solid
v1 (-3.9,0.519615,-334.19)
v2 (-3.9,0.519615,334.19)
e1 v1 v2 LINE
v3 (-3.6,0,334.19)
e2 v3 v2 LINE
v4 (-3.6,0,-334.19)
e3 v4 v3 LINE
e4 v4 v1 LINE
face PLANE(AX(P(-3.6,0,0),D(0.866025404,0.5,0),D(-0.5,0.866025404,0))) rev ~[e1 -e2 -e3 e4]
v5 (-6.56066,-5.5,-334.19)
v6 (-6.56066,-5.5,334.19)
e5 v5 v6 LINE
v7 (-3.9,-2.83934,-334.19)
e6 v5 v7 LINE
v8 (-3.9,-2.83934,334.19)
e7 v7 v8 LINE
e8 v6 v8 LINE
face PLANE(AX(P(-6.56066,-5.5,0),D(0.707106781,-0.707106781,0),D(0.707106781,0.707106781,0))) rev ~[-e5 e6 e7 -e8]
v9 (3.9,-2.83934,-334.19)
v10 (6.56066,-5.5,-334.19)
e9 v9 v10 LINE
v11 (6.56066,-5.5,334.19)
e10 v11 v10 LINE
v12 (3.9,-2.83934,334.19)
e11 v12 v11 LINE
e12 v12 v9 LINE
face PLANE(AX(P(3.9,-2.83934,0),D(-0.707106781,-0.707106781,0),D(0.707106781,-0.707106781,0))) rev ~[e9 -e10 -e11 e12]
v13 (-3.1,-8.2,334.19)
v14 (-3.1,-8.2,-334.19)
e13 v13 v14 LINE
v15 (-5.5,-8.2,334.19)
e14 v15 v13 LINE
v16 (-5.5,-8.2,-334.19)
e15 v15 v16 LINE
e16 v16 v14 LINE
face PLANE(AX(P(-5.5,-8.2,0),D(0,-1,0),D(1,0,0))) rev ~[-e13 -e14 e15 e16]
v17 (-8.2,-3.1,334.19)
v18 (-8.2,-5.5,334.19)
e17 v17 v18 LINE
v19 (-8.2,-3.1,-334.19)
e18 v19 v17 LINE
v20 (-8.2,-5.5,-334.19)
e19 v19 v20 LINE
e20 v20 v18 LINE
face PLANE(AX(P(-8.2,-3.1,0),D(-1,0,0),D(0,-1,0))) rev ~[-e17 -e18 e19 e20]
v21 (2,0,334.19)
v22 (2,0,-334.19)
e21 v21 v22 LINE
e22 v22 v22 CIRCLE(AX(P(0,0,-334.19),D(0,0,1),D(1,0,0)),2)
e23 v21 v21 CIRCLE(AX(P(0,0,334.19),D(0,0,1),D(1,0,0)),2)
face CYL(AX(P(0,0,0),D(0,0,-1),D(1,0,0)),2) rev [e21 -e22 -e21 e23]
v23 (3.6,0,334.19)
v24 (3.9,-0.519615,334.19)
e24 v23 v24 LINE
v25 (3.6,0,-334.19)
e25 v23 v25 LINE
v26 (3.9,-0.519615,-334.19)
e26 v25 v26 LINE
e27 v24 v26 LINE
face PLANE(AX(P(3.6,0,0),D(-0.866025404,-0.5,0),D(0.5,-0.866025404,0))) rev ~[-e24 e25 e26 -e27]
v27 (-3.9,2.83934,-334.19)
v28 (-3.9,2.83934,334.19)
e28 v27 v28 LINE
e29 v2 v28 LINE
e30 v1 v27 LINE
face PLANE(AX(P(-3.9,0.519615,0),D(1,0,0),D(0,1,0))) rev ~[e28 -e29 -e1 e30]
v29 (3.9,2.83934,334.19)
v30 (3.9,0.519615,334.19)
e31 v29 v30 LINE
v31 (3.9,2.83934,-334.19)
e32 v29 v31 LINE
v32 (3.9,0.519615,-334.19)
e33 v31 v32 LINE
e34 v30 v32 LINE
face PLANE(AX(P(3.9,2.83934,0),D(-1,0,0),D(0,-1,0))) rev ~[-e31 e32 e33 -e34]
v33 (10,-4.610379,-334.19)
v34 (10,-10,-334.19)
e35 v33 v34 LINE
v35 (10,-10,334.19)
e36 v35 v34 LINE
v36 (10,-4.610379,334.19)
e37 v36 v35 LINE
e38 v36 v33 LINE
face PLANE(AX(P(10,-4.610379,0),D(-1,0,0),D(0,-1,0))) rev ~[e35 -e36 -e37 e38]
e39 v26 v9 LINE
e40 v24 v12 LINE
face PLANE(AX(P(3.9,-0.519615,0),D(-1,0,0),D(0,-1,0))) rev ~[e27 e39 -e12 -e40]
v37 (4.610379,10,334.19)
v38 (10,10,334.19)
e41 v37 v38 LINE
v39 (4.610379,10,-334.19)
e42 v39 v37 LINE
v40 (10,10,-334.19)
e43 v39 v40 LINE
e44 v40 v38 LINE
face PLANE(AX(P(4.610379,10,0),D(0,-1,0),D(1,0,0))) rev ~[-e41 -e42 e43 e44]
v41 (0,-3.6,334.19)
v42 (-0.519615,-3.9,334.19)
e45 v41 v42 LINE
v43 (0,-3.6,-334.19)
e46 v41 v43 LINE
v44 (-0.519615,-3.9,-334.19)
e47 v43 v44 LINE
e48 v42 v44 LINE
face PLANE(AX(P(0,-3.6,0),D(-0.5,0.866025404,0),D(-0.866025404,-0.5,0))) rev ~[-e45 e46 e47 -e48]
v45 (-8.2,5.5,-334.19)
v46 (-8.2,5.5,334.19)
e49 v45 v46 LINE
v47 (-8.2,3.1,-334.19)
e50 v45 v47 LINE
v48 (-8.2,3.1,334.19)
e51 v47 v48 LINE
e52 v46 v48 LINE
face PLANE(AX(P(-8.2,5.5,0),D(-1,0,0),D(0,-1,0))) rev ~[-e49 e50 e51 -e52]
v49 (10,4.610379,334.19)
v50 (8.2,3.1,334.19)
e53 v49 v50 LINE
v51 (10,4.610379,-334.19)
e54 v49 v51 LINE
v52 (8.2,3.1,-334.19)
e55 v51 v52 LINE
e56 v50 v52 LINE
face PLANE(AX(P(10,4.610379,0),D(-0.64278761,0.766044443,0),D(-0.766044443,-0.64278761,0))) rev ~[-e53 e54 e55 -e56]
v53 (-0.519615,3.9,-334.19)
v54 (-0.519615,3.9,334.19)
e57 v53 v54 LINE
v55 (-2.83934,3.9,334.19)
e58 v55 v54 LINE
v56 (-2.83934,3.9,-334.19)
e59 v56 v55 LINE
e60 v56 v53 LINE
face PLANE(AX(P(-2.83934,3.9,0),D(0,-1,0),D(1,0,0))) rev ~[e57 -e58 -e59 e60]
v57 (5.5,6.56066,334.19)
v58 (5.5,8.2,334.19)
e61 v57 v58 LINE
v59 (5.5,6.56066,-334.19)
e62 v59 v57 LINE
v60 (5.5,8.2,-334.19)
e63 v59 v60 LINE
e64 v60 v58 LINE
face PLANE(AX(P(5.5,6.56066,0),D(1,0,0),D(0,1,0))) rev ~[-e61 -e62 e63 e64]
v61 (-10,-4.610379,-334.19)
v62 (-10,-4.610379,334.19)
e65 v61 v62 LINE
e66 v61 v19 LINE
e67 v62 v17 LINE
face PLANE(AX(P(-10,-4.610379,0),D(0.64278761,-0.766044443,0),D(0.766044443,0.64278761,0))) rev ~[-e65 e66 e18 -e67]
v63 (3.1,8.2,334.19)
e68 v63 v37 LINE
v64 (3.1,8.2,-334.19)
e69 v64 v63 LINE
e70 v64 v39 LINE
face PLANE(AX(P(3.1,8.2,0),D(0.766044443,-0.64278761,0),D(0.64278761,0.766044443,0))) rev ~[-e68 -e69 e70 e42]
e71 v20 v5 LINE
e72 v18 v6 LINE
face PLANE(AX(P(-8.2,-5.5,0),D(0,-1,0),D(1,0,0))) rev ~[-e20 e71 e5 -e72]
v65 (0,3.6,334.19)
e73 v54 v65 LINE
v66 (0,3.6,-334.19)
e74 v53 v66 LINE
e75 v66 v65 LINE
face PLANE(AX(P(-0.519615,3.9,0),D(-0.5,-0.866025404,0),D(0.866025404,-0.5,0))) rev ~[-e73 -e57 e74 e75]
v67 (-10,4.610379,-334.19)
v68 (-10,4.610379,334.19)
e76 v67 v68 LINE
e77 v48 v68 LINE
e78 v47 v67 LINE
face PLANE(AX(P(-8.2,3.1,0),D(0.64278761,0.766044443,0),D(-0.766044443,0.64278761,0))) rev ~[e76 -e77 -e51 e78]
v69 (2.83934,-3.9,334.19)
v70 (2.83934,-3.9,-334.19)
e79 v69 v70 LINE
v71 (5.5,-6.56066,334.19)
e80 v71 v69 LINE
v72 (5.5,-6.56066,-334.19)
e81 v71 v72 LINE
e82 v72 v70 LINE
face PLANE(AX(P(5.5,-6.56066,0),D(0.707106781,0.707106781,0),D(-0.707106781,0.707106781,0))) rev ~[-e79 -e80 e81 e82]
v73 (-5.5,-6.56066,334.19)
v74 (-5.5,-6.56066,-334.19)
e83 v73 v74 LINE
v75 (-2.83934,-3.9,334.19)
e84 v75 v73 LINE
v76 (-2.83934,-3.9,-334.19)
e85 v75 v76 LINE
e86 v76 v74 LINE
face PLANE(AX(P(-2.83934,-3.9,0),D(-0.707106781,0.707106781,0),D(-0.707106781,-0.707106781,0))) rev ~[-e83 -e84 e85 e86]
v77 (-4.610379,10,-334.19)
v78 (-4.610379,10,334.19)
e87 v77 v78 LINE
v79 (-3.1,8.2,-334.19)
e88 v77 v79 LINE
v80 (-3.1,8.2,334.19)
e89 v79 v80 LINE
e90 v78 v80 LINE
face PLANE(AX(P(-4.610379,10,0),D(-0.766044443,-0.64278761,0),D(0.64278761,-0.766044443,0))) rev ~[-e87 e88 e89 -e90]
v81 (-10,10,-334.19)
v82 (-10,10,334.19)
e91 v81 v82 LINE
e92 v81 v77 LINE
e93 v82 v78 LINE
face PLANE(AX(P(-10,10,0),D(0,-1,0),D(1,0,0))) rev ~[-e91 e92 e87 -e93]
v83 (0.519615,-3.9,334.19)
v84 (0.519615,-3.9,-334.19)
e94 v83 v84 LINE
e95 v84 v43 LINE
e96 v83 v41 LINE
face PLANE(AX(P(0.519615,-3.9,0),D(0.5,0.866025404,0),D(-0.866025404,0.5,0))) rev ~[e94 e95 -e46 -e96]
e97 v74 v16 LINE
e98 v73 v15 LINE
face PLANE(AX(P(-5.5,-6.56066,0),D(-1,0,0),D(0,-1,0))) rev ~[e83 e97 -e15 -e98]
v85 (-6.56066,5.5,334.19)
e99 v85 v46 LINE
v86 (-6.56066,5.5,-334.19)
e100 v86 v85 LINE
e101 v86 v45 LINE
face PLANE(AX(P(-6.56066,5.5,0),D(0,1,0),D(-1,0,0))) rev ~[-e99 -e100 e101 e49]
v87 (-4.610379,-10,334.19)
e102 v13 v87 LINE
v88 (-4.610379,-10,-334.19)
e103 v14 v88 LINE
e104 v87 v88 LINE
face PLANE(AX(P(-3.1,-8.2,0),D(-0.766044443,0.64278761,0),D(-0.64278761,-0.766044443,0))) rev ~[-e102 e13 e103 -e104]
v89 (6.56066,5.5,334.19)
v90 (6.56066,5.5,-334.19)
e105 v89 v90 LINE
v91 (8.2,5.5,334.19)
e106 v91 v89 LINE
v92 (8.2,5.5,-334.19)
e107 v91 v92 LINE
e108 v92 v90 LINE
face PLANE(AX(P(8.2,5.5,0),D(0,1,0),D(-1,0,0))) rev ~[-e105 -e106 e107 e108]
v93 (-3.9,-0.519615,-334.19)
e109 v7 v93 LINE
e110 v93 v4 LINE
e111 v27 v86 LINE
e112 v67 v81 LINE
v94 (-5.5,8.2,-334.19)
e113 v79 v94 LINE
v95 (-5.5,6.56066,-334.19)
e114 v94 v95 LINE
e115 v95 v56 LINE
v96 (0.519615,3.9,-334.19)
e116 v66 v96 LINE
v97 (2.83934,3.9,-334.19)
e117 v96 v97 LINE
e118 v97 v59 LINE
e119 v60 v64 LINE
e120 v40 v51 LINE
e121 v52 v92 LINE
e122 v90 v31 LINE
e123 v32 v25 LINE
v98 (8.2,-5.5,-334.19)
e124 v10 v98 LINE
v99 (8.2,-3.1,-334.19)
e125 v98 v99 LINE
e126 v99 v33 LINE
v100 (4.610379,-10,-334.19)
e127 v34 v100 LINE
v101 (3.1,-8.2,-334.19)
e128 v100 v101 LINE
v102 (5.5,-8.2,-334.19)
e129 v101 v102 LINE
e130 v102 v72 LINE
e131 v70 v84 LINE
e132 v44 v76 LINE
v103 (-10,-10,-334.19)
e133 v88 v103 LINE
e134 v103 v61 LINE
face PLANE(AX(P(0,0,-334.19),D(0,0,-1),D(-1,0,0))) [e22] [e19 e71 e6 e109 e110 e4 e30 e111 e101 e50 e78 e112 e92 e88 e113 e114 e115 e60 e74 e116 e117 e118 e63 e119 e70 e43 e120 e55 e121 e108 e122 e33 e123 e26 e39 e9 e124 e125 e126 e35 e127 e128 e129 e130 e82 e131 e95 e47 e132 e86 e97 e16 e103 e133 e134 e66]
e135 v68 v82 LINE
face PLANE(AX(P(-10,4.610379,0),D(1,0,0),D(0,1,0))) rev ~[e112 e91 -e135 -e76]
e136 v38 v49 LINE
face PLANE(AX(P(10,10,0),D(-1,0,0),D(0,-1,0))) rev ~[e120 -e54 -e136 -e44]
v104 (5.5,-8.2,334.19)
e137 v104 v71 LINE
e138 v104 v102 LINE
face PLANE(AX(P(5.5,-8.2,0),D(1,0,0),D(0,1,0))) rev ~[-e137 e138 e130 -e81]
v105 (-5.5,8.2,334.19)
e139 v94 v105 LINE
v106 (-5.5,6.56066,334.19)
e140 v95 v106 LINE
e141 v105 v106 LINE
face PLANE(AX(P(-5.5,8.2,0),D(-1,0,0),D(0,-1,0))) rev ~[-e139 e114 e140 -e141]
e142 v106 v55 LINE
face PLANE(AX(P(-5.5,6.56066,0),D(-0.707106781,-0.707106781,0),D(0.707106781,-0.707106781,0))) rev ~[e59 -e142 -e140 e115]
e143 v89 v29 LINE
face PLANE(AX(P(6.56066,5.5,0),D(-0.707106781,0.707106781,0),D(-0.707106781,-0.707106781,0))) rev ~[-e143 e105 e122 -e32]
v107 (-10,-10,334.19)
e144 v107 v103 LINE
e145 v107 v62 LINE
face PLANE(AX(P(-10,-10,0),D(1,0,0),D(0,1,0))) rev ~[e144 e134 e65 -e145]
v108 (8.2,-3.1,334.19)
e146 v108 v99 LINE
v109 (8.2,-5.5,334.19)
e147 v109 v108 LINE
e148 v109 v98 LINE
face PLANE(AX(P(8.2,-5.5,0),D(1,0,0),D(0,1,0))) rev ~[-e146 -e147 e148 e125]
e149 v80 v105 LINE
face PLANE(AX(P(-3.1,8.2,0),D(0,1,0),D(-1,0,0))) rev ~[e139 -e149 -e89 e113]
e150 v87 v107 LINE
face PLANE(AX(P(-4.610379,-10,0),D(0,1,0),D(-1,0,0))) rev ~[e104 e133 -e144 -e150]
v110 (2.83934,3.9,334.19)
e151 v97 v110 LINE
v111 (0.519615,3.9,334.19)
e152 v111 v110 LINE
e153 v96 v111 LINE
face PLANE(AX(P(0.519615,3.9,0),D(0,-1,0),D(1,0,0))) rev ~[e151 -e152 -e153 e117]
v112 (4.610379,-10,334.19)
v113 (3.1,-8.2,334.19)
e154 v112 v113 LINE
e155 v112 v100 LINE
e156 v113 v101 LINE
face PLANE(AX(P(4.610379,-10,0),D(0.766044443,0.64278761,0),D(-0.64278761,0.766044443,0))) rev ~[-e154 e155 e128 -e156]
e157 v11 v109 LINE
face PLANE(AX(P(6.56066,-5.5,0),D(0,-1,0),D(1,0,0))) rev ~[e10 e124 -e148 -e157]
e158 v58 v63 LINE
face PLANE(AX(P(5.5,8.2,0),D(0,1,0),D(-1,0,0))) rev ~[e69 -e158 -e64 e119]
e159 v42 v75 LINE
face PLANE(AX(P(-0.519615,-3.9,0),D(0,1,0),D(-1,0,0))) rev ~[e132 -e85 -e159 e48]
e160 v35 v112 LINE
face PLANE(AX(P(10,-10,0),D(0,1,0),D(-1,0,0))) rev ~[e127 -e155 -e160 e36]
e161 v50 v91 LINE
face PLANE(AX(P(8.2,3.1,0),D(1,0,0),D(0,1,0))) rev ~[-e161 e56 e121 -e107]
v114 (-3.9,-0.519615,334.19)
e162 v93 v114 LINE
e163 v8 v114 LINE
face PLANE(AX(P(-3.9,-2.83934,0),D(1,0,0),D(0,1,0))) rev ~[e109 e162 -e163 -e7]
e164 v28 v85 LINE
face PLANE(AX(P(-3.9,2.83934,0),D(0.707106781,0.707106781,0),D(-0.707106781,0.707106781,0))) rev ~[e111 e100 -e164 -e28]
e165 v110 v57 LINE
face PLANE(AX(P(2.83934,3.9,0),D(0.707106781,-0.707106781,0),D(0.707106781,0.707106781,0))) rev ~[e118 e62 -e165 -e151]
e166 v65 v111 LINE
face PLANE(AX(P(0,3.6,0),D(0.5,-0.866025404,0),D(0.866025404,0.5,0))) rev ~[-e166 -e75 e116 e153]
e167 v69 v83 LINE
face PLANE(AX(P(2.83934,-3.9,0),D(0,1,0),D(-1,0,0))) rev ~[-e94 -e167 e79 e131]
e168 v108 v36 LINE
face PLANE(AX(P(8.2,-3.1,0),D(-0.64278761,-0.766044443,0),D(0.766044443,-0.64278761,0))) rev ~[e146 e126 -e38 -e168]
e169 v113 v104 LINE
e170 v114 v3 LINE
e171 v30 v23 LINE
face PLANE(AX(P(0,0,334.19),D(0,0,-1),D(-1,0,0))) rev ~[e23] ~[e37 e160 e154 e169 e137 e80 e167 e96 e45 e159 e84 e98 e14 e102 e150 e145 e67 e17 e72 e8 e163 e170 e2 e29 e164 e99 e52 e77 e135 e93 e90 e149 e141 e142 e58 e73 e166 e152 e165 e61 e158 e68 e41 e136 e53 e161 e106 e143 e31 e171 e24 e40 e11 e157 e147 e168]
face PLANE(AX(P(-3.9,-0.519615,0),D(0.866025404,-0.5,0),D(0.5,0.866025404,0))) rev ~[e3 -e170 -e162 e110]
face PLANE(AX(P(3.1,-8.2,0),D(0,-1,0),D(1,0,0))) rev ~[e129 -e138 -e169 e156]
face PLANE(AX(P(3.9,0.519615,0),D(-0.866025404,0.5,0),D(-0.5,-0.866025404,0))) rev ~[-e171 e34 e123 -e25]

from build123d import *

# Parameters (mm, degrees)
SKETCH1_R           = 2
BOSS_EXTRUDE1_DEPTH = 334.19


with BuildPart() as part:
    # Sketch1 → Boss-Extrude1 (new body, symmetric)
    with BuildSketch(Plane.XY):
        Polygon((10, 10), (10, 4.610379336), (8.2, 3.1), (8.2, 5.5), (6.560660172, 5.5), (3.9, 2.839339828), (3.9, 0.519615242), (3.6, 0), (3.9, -0.519615242), (3.9, -2.839339828), (6.560660172, -5.5), (8.2, -5.5), (8.2, -3.1), (10, -4.610379336), (10, -10), (4.610379336, -10), (3.1, -8.2), (5.5, -8.2), (5.5, -6.560660172), (2.839339828, -3.9), (0.519615242, -3.9), (0, -3.6), (-0.519615242, -3.9), (-2.839339828, -3.9), (-5.5, -6.560660172), (-5.5, -8.2), (-3.1, -8.2), (-4.610379336, -10), (-10, -10), (-10, -4.610379336), (-8.2, -3.1), (-8.2, -5.5), (-6.560660172, -5.5), (-3.9, -2.839339828), (-3.9, -0.519615242), (-3.6, 0), (-3.9, 0.519615242), (-3.9, 2.839339828), (-6.560660172, 5.5), (-8.2, 5.5), (-8.2, 3.1), (-10, 4.610379336), (-10, 10), (-4.610379336, 10), (-3.1, 8.2), (-5.5, 8.2), (-5.5, 6.560660172), (-2.839339828, 3.9), (-0.519615242, 3.9), (0, 3.6), (0.519615242, 3.9), (2.839339828, 3.9), (5.5, 6.560660172), (5.5, 8.2), (3.1, 8.2), (4.610379336, 10), align=None)
        Circle(SKETCH1_R, mode=Mode.SUBTRACT)
    extrude(amount=BOSS_EXTRUDE1_DEPTH, both=True)


solid = part.part
